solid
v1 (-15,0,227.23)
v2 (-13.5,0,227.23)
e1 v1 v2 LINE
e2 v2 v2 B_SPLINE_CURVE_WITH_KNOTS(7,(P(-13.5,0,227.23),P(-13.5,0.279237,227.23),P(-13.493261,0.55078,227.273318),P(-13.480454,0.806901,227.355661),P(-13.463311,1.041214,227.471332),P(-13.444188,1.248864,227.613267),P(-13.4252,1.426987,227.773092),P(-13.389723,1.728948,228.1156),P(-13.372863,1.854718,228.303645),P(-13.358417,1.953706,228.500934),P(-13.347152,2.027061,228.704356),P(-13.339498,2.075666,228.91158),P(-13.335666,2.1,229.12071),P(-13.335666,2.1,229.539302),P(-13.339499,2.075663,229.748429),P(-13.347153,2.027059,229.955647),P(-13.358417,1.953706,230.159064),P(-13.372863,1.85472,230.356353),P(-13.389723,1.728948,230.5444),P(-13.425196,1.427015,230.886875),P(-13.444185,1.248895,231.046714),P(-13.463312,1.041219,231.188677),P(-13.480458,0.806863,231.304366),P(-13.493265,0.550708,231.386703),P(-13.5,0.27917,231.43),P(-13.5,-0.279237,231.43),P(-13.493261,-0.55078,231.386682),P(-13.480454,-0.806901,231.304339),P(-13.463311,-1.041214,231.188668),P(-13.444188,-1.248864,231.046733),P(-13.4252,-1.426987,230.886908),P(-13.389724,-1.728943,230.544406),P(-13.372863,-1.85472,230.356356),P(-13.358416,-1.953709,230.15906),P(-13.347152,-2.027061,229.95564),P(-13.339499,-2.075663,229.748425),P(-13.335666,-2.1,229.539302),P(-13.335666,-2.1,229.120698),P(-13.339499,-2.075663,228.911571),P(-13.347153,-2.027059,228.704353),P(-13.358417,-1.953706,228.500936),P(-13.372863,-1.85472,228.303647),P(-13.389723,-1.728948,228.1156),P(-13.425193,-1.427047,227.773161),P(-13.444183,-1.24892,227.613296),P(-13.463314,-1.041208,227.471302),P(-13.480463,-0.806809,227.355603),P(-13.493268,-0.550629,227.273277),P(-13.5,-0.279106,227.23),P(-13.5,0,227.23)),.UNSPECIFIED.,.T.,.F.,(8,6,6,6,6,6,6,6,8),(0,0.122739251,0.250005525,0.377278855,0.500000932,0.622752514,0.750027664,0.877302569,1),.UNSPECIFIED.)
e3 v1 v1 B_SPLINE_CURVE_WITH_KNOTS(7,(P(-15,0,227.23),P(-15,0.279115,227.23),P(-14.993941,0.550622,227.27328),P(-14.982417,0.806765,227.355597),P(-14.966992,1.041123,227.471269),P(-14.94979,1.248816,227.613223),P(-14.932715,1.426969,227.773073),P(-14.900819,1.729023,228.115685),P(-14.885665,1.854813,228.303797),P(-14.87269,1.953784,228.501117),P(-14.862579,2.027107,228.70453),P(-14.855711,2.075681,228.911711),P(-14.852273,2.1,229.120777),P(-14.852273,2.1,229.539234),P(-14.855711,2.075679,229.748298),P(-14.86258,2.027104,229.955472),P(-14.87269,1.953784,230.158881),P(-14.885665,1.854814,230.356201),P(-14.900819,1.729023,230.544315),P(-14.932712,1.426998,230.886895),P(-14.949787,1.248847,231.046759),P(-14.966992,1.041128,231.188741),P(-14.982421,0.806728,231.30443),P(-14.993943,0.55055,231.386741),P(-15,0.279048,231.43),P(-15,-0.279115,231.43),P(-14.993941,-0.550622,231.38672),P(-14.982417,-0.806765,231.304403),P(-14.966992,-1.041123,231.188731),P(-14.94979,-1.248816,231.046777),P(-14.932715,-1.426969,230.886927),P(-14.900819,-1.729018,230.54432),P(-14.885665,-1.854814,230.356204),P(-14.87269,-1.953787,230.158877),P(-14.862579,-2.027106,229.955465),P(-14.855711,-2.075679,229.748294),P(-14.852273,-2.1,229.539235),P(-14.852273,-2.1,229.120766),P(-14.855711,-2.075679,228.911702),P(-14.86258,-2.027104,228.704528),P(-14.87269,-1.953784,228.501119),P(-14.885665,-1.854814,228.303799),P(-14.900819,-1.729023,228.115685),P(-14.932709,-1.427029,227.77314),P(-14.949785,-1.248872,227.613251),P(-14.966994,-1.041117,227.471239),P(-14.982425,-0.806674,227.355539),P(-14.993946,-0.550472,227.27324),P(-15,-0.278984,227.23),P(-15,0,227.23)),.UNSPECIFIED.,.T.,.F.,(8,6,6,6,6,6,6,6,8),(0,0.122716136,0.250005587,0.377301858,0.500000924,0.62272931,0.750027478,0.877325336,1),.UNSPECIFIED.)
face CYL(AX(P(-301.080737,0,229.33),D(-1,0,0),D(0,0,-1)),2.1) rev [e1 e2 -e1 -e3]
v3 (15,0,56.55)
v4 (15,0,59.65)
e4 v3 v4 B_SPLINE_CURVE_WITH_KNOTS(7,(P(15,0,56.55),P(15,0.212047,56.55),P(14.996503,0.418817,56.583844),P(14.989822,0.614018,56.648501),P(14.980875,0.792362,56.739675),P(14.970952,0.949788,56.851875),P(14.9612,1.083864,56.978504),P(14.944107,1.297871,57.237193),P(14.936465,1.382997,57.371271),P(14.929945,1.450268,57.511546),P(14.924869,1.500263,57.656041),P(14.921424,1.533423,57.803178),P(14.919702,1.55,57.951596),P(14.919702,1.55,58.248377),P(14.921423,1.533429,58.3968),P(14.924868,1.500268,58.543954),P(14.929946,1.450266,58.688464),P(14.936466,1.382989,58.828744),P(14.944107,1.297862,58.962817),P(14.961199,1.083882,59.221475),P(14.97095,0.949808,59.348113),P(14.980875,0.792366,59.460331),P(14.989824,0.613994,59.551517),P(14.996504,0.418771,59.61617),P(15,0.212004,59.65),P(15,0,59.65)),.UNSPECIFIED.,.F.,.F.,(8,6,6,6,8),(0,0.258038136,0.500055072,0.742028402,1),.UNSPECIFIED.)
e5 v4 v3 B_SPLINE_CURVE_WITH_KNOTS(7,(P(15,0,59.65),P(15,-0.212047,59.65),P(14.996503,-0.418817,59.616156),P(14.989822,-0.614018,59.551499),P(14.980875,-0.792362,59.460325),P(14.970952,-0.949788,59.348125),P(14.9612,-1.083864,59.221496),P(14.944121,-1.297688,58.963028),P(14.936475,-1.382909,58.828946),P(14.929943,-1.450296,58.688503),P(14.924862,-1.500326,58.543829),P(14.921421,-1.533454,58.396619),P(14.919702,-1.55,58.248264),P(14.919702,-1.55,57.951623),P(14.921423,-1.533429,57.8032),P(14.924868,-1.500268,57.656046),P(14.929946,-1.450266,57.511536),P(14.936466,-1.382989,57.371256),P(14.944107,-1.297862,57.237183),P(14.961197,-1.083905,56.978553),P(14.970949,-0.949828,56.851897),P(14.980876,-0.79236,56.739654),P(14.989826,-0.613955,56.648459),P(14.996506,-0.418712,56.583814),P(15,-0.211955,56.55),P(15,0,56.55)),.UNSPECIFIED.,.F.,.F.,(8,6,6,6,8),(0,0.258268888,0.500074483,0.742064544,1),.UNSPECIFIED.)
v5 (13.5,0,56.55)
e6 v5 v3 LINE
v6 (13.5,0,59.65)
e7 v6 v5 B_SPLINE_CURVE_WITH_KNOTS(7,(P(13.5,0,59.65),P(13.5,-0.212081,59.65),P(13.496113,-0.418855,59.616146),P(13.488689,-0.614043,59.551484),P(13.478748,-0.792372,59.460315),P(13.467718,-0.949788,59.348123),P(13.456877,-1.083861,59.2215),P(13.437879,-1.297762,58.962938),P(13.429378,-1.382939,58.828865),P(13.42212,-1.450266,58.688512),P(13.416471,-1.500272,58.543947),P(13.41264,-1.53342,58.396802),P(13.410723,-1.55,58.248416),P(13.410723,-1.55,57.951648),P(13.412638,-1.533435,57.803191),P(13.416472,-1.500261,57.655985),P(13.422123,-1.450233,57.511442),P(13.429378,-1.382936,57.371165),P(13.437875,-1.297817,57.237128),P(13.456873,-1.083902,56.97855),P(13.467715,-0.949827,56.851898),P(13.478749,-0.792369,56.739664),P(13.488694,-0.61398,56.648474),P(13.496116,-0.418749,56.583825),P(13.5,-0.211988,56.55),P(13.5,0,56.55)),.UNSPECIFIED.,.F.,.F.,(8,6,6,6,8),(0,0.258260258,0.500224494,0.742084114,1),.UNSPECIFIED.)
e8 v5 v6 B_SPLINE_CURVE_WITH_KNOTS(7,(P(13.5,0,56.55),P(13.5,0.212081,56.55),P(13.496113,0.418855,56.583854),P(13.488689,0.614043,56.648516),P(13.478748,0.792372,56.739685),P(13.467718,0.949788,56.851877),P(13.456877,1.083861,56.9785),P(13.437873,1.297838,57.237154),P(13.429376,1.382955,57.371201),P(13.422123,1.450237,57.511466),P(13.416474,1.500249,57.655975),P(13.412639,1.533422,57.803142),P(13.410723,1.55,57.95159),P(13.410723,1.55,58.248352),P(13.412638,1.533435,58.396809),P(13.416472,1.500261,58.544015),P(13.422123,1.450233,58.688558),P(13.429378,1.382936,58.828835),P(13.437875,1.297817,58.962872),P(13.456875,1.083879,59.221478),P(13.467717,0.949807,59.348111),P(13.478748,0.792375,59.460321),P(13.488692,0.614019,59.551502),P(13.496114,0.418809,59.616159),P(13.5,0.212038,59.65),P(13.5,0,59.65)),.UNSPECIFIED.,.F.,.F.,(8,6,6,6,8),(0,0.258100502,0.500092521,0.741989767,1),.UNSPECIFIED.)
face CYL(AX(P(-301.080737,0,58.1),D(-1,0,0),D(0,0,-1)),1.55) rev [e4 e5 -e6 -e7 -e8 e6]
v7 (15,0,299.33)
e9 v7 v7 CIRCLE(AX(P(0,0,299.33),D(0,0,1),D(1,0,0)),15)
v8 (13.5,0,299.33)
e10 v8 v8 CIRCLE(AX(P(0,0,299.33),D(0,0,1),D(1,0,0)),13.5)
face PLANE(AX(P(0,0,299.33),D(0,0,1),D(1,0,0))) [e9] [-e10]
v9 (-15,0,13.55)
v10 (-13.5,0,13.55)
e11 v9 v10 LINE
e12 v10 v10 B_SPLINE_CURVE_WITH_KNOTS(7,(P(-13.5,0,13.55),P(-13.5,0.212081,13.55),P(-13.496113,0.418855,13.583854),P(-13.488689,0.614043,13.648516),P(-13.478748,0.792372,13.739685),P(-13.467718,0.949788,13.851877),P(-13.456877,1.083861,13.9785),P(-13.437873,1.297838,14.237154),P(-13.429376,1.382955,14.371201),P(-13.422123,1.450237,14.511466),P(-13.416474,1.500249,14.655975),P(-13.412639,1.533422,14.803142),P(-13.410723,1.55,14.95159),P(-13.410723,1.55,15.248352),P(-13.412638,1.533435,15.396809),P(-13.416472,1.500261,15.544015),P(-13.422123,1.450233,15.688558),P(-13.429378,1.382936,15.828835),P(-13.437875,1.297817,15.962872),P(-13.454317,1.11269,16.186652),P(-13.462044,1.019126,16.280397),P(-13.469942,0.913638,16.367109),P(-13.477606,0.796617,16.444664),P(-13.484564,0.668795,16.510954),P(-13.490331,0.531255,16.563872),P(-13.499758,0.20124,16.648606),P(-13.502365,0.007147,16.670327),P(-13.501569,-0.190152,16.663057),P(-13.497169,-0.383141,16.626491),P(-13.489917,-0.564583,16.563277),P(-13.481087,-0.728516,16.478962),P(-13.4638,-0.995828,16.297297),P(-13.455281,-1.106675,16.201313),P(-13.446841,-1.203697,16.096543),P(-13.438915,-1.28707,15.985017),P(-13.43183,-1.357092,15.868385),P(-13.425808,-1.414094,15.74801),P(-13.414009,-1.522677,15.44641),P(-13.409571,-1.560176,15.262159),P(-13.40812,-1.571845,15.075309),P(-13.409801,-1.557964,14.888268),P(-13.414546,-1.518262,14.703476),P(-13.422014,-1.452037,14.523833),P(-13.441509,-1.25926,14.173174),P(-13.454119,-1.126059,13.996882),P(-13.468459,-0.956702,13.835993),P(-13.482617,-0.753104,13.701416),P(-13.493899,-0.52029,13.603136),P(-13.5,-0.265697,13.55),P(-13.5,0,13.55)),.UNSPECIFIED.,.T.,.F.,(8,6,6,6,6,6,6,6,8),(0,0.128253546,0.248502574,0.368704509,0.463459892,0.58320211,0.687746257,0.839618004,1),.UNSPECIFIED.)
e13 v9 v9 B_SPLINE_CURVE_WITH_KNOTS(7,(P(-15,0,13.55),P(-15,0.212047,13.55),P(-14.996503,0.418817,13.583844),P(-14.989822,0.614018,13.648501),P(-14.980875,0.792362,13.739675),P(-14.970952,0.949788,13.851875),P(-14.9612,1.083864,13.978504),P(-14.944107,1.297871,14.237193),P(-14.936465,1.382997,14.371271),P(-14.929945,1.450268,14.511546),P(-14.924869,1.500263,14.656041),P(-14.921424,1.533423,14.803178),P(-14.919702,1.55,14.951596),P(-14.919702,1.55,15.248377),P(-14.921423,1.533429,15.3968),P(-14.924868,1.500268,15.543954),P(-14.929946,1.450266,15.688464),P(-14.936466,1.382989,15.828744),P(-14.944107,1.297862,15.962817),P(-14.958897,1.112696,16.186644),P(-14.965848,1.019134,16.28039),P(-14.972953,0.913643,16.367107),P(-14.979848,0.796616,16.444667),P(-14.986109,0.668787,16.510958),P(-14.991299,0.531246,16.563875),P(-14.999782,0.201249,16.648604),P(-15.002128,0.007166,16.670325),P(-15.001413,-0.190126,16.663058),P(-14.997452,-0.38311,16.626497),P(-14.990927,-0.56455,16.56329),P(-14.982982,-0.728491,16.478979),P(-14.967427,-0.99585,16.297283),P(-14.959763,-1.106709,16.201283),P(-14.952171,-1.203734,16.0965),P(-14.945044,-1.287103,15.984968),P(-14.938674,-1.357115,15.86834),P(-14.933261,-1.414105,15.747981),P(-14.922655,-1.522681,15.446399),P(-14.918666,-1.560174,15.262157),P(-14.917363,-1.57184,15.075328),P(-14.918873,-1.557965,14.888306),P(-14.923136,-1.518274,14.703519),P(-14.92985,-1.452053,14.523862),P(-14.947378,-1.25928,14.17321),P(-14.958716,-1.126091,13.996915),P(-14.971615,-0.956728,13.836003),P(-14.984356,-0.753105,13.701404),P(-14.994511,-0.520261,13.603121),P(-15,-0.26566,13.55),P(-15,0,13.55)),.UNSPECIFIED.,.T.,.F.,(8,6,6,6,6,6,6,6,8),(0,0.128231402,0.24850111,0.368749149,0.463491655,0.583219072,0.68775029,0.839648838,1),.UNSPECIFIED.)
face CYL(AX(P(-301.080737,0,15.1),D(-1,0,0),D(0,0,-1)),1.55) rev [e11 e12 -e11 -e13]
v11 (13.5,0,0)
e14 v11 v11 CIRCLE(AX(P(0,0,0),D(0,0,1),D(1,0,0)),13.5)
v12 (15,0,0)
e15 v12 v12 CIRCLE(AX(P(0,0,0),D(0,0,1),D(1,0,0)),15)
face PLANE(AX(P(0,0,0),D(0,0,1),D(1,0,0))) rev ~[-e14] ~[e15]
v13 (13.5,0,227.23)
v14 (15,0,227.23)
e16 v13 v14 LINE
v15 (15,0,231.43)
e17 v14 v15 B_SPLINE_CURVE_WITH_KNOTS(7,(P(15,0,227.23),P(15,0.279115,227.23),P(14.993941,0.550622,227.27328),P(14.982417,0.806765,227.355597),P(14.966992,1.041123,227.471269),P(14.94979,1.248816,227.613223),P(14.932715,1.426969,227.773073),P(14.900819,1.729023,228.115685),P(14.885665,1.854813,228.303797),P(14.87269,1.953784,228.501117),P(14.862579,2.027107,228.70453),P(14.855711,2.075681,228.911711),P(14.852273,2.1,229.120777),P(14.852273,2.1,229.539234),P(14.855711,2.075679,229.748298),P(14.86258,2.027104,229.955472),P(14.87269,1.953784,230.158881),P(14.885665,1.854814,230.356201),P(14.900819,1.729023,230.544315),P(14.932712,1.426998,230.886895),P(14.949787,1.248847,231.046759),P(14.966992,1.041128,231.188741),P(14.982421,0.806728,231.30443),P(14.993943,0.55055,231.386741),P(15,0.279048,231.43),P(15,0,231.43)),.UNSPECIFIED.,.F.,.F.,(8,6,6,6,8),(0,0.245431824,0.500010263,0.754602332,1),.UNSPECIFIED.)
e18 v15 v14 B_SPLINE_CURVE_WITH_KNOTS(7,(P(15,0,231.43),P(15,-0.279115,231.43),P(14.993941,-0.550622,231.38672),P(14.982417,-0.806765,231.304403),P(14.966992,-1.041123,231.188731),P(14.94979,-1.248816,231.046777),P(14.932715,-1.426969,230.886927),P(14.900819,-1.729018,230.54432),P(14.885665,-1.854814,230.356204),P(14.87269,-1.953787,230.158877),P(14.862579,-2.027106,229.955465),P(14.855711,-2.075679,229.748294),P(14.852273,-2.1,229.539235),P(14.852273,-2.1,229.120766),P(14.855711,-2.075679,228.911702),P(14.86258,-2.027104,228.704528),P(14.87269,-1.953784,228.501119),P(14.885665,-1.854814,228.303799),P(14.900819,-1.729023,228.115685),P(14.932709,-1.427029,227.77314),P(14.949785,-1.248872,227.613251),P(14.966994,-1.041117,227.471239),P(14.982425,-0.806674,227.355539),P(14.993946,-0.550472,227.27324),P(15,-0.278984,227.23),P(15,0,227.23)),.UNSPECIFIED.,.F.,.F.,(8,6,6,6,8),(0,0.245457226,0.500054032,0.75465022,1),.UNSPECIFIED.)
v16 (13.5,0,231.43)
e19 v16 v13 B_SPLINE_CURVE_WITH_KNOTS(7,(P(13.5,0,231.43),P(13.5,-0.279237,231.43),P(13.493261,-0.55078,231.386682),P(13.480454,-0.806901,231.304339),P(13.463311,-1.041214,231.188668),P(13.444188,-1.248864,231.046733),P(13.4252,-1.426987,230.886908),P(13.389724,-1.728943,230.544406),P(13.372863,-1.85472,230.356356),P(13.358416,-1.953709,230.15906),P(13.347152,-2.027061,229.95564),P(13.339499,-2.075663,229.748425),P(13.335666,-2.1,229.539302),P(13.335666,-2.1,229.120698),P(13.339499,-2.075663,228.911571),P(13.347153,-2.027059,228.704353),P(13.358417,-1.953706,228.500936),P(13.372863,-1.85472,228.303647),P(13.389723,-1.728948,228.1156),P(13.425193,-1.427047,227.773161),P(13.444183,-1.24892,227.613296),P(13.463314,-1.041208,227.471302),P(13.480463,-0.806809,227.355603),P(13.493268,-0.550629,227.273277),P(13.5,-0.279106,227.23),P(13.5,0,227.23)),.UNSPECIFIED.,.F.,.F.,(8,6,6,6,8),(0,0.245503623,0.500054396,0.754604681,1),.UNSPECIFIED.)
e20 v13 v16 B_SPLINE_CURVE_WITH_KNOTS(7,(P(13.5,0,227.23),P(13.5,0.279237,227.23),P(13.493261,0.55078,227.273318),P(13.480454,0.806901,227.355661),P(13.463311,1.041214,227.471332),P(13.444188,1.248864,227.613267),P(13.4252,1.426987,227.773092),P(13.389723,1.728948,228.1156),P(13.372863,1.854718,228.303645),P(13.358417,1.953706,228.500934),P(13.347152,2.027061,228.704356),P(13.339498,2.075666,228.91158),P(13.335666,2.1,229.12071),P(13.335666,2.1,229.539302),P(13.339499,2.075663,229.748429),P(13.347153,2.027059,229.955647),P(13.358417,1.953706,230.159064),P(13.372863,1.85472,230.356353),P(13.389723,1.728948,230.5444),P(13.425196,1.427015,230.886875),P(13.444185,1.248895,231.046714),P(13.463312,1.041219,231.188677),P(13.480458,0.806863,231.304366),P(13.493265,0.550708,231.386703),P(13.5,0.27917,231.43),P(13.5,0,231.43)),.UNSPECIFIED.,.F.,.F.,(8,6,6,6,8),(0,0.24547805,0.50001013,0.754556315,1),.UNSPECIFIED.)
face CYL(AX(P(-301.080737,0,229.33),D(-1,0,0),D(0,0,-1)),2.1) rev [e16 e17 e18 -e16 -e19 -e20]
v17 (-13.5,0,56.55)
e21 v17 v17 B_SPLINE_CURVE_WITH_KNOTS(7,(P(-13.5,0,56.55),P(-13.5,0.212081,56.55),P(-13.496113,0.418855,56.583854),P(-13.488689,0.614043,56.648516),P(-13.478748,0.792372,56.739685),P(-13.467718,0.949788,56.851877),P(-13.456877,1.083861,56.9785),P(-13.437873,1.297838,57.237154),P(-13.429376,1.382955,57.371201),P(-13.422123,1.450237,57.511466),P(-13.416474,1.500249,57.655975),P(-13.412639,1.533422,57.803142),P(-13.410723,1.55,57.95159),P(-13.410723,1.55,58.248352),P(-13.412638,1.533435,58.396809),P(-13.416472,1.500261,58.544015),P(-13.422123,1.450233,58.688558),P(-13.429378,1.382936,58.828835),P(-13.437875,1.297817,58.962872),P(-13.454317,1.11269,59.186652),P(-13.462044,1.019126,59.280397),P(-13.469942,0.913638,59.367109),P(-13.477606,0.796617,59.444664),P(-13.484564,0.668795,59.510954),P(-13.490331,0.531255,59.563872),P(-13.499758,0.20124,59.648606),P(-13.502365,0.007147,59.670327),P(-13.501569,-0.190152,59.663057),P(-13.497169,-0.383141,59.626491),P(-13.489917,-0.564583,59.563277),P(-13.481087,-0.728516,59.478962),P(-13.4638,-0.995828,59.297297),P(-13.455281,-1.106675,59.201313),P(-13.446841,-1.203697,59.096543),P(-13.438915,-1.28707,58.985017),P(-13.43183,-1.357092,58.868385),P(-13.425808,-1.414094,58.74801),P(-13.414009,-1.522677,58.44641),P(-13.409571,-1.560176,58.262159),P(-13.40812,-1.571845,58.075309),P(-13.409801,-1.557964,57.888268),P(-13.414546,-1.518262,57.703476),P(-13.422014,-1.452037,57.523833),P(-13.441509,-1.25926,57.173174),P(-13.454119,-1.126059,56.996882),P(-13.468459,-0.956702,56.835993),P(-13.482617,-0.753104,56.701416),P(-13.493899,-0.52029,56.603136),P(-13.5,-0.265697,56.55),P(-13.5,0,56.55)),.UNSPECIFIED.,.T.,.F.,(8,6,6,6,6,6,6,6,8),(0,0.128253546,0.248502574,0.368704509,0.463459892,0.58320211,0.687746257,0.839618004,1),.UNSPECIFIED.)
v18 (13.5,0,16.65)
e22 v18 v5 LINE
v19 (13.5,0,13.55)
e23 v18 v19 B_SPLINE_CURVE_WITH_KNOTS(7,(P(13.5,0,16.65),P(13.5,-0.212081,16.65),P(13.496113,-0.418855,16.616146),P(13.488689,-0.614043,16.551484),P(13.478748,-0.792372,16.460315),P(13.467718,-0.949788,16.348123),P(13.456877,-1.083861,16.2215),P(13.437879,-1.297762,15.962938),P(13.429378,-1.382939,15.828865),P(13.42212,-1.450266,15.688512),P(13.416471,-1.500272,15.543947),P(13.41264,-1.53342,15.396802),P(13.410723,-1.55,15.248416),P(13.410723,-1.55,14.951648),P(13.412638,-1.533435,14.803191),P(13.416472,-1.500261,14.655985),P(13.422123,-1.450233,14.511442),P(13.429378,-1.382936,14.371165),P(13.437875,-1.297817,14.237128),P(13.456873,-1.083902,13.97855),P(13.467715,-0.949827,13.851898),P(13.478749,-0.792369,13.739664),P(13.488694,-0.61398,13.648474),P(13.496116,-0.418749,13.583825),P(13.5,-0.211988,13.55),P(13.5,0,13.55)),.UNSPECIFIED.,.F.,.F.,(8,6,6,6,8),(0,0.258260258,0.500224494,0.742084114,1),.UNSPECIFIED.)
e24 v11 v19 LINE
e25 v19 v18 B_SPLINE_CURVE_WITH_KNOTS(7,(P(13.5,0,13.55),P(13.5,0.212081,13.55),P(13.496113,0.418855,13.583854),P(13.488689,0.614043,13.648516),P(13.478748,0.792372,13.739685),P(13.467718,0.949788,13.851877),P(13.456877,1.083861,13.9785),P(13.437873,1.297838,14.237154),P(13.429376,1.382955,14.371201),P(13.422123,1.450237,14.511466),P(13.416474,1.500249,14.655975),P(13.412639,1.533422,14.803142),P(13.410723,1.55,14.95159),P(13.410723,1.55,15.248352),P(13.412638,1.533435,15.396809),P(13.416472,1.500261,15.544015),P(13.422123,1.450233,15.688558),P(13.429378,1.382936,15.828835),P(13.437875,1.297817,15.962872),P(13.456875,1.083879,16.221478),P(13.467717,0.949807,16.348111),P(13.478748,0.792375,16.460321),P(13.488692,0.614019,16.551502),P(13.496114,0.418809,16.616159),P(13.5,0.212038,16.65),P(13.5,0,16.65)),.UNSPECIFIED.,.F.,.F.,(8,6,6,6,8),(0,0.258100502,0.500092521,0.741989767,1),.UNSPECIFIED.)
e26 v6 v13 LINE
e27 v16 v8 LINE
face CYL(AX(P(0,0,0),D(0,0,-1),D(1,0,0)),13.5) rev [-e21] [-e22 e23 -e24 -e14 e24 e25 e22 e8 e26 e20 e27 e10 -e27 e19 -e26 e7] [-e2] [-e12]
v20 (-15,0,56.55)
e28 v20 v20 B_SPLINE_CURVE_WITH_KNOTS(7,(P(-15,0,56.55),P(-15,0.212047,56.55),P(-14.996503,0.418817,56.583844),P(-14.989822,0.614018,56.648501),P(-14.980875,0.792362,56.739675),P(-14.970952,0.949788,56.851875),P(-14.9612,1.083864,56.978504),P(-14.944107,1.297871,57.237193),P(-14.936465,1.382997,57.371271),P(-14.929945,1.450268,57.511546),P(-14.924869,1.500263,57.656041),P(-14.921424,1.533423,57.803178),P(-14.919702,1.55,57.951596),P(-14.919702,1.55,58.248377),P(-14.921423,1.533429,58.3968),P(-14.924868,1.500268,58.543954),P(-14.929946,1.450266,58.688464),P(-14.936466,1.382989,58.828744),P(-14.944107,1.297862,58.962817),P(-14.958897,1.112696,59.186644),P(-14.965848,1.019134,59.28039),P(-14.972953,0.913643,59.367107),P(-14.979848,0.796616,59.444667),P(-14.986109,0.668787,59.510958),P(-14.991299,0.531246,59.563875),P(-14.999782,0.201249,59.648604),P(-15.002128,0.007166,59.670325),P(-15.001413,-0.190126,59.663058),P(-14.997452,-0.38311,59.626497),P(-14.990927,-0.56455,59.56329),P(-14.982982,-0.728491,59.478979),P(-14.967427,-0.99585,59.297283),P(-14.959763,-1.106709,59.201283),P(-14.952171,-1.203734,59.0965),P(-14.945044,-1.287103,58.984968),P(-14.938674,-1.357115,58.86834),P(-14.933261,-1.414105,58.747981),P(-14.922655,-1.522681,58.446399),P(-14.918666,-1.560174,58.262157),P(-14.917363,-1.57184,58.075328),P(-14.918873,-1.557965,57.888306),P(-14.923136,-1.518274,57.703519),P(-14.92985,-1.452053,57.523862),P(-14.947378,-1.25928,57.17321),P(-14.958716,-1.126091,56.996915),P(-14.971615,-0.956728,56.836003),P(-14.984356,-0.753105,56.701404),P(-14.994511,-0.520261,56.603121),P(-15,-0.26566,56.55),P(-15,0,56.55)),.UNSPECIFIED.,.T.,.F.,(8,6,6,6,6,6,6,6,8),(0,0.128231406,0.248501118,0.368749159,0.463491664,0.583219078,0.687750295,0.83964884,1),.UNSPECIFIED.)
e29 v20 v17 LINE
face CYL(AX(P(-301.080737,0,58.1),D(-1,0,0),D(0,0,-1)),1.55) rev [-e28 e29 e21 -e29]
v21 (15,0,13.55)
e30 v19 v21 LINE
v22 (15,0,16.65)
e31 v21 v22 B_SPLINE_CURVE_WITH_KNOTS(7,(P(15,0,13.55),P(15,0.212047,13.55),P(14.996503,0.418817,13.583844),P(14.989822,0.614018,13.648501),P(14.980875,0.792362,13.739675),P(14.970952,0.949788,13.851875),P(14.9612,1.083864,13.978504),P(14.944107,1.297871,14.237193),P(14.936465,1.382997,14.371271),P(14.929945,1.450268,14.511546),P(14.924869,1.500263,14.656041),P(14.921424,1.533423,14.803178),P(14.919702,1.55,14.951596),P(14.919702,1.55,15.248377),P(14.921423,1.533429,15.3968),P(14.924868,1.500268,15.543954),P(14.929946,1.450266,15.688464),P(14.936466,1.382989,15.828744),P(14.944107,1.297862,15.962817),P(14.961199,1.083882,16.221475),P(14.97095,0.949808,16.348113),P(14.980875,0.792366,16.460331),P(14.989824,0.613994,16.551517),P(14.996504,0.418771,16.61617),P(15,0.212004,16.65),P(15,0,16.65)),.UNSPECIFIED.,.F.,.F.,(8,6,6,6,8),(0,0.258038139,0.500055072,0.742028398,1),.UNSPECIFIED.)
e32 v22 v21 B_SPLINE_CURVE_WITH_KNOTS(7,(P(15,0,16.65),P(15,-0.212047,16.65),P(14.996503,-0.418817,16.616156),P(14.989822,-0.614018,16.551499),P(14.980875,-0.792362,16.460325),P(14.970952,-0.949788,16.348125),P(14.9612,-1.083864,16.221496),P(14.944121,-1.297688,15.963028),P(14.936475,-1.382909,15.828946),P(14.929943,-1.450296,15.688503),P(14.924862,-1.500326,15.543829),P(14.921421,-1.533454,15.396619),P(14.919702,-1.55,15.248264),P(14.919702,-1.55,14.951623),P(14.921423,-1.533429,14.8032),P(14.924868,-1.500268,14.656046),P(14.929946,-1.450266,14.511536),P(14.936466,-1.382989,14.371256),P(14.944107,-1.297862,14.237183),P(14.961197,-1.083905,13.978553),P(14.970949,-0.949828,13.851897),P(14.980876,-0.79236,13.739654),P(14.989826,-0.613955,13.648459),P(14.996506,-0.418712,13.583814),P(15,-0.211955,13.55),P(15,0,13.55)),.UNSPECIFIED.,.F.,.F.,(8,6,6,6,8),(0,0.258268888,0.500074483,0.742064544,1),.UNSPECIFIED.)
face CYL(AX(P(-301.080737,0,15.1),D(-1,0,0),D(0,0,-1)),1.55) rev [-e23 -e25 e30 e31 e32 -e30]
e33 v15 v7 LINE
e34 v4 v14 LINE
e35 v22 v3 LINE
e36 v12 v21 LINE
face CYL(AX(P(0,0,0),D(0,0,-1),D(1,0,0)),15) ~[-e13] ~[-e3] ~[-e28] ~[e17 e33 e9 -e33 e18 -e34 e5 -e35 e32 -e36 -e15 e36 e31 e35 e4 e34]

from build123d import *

# Parameters (mm, degrees)
SKETCH_1_R               = 15
SKETCH_1_R_2             = 13.5
EXTRUDE_1_DEPTH          = 299.33
CUT_EXTRUDE_1_DEPTH      = 301.080737302
CUT_EXTRUDE_1_DEPTH_BACK = 301.080737302
SKETCH_2_R               = 1.55
CUT_EXTRUDE_2_DEPTH      = 301.080737413
CUT_EXTRUDE_2_DEPTH_BACK = 301.080737413
SKETCH_3_R               = 2.1


with BuildPart() as part:
    # 草图1 → 凸台-拉伸1 (new body)
    with BuildSketch(Plane.XY):
        Circle(SKETCH_1_R)
        Circle(SKETCH_1_R_2, mode=Mode.SUBTRACT)
    extrude(amount=EXTRUDE_1_DEPTH)

    # 草图2 → 切除-拉伸1 (cut, two sides: drawn at the far end of the back side and taken through both)
    with BuildSketch(Plane(origin=(0, 0, 0), x_dir=(0, 0, -1), z_dir=(1, 0, 0)).offset(-CUT_EXTRUDE_1_DEPTH_BACK)):
        with Locations((-15.1, 0)):
            Circle(SKETCH_2_R)
        with Locations((-58.1, 0)):
            Circle(SKETCH_2_R)
    extrude(amount=CUT_EXTRUDE_1_DEPTH + CUT_EXTRUDE_1_DEPTH_BACK, mode=Mode.SUBTRACT)

    # 草图3 → 切除-拉伸2 (cut, two sides: drawn at the far end of the back side and taken through both)
    with BuildSketch(Plane(origin=(0, 0, 0), x_dir=(0, 0, -1), z_dir=(1, 0, 0)).offset(-CUT_EXTRUDE_2_DEPTH_BACK)):
        with Locations((-229.33, 0)):
            Circle(SKETCH_3_R)
    extrude(amount=CUT_EXTRUDE_2_DEPTH + CUT_EXTRUDE_2_DEPTH_BACK, mode=Mode.SUBTRACT)


solid = part.part
